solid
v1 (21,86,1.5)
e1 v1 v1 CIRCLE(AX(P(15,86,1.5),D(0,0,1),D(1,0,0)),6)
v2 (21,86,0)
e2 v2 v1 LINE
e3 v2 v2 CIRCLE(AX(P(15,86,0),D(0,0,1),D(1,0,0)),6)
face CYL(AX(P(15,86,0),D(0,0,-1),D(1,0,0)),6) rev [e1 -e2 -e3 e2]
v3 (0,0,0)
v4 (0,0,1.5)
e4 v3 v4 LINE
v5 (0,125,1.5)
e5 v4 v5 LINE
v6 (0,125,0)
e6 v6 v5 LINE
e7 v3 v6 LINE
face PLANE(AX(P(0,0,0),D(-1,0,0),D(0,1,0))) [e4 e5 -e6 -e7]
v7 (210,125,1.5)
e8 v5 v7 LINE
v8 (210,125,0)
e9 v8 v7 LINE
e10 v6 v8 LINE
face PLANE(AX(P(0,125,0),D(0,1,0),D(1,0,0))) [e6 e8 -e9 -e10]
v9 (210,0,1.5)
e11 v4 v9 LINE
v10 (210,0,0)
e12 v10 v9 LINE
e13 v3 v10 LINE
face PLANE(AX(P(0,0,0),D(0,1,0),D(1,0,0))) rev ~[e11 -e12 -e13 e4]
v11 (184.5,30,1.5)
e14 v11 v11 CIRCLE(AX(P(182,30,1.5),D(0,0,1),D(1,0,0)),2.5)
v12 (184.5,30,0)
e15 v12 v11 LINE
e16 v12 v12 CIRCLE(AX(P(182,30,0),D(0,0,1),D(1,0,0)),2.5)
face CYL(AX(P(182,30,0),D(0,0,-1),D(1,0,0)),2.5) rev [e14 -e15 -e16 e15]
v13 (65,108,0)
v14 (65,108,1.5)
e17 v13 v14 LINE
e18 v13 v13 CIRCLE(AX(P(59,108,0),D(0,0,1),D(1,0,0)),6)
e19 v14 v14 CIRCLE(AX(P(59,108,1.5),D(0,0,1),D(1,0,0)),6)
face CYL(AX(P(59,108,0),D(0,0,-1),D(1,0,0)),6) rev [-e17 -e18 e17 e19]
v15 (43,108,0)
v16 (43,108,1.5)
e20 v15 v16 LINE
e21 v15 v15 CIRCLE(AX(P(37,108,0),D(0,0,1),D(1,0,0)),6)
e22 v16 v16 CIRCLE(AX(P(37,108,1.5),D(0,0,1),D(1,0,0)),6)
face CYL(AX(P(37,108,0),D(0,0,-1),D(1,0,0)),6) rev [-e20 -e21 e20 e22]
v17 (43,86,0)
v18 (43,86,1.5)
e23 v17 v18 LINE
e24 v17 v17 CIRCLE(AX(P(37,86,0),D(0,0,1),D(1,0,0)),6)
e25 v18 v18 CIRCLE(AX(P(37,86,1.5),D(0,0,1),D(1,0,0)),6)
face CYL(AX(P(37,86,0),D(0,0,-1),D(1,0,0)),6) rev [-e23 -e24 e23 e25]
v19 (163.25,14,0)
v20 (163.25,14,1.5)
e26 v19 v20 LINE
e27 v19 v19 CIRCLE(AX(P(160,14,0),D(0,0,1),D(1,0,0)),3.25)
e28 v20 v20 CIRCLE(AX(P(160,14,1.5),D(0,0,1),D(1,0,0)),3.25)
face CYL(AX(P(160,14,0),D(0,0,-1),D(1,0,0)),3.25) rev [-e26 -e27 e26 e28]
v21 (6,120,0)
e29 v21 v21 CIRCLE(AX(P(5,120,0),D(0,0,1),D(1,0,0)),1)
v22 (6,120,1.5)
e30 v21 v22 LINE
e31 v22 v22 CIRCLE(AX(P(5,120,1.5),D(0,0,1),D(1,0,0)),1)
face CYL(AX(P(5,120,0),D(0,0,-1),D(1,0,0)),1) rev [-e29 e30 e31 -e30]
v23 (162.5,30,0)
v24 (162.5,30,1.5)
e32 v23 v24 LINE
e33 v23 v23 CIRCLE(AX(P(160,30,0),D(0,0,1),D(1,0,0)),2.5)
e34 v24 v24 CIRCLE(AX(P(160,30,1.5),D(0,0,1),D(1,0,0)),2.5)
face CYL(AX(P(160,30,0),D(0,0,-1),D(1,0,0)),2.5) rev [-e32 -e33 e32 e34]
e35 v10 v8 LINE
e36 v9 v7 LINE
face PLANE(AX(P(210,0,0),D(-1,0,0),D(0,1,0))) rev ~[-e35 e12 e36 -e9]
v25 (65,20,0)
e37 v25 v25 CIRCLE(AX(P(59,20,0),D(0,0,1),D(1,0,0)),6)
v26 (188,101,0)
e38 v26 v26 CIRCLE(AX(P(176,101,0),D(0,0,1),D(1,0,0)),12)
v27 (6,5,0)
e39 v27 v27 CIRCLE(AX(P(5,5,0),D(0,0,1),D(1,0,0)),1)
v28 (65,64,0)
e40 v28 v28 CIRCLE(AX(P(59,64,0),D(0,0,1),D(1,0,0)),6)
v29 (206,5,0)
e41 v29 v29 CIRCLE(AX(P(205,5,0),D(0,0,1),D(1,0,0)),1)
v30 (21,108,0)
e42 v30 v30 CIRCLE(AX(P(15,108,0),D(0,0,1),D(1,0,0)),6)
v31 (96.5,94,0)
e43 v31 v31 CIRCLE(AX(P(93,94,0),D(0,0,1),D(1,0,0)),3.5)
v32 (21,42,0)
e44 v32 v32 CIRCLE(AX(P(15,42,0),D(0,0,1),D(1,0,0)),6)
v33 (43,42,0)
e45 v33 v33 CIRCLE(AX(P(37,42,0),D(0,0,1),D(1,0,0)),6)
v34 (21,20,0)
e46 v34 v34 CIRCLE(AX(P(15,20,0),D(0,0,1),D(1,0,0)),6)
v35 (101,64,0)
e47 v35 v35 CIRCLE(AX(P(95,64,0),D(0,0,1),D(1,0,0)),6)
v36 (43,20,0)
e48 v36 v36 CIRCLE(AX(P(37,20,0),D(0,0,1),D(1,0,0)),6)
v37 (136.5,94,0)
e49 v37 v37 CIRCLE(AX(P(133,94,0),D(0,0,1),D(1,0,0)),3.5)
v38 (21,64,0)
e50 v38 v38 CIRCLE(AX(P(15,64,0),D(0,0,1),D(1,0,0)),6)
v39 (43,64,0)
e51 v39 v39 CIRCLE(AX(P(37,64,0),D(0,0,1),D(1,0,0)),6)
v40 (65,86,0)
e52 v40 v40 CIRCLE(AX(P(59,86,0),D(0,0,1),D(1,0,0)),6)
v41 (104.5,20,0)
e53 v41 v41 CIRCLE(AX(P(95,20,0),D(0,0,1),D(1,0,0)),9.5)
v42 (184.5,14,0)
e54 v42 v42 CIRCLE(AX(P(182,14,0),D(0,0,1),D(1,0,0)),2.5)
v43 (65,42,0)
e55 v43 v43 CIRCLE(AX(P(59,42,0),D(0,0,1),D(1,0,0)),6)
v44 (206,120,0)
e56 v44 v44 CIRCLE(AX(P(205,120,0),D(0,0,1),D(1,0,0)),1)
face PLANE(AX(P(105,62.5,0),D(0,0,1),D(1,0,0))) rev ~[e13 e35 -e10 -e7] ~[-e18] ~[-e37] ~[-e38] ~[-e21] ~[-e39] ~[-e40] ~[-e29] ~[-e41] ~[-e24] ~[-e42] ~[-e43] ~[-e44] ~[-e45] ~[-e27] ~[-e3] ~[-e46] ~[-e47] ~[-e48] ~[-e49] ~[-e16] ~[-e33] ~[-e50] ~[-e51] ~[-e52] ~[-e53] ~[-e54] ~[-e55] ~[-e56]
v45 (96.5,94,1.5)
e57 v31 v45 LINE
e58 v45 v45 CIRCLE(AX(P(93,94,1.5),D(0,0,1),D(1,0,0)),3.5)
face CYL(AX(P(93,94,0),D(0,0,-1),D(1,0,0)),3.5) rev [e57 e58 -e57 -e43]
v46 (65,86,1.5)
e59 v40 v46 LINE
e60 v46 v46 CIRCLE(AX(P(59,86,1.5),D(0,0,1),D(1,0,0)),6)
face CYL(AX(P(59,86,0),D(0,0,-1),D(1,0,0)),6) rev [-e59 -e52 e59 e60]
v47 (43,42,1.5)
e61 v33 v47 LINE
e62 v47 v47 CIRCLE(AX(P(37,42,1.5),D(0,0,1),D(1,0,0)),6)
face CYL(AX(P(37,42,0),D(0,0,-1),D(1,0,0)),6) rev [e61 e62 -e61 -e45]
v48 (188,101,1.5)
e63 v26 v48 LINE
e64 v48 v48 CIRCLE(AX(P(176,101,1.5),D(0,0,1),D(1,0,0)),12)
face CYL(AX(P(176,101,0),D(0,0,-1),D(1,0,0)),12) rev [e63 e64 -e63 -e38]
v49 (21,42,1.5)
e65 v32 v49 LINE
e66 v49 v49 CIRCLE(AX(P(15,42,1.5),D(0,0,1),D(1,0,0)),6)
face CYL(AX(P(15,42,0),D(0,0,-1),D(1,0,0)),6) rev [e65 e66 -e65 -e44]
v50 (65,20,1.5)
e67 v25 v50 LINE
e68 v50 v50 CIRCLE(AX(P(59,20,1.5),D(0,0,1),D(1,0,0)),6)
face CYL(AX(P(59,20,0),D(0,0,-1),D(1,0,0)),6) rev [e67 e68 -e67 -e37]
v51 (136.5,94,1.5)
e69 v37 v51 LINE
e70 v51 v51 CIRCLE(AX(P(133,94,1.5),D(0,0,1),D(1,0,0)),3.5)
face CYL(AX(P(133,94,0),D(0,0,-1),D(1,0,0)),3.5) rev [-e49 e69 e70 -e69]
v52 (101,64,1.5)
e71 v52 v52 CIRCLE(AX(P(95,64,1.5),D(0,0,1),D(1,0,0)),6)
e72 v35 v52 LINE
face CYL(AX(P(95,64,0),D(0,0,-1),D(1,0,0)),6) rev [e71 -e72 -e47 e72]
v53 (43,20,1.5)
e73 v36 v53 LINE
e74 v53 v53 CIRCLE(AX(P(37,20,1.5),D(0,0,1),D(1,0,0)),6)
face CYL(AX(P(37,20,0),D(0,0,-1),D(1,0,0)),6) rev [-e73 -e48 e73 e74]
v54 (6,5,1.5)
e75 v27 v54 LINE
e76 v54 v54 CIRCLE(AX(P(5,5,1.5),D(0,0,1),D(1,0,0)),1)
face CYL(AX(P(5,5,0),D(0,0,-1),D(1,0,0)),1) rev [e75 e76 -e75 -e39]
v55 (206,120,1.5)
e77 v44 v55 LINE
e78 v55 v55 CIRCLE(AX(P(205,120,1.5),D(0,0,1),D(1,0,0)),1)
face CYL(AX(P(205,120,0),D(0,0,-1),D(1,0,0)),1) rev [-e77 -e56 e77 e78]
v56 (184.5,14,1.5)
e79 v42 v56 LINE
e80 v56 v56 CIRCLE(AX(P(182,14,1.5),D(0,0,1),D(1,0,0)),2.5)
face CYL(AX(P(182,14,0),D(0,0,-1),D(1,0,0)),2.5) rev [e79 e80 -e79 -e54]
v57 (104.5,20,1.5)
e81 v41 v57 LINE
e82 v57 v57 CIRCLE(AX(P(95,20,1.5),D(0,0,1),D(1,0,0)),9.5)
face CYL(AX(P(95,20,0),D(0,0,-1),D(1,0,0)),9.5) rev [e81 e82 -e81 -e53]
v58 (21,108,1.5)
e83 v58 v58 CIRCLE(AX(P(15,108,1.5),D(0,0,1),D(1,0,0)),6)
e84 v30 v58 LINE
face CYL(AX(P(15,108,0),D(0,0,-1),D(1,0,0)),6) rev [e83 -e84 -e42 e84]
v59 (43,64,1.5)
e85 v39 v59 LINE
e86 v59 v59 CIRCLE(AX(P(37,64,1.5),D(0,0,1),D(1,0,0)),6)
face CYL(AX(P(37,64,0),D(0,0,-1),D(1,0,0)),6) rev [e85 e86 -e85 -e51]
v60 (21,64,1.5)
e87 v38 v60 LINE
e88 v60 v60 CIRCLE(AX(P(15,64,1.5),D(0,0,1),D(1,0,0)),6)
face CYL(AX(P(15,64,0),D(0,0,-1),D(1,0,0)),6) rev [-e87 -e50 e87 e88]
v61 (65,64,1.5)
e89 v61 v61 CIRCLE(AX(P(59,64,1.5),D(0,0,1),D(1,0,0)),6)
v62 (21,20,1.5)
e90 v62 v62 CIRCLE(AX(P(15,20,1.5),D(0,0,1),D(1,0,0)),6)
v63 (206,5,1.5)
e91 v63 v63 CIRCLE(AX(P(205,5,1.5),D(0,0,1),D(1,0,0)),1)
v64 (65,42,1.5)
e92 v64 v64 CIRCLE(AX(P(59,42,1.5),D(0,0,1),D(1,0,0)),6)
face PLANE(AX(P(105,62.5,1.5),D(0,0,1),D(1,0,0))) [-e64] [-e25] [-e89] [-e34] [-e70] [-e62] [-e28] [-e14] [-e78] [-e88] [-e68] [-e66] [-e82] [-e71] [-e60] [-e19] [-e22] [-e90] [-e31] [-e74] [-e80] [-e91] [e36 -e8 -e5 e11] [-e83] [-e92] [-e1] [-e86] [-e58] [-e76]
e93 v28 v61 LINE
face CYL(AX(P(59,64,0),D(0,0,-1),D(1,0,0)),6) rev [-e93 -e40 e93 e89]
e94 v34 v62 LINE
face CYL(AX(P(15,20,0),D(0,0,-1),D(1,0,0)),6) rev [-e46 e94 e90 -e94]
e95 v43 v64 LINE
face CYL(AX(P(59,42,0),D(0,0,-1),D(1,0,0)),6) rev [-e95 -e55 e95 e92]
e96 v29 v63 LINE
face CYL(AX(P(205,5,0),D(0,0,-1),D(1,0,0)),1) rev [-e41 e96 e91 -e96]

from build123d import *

# Parameters (mm, degrees)
SKETCH_W   = 210
SKETCH_H   = 125
SKETCH_R   = 6
SKETCH_R_2 = 12
SKETCH_R_3 = 2.5
SKETCH_R_4 = 3.25
SKETCH_R_5 = 1
SKETCH_R_6 = 9.5
SKETCH_R_7 = 3.5
PAD_DEPTH  = 1.5


with BuildPart() as part:
    # Sketch → Pad (new body)
    with BuildSketch(Plane.XY):
        with Locations((105, 62.5)):
            Rectangle(SKETCH_W, SKETCH_H)
        with Locations((15, 108)):
            Circle(SKETCH_R, mode=Mode.SUBTRACT)
        with Locations((15, 86)):
            Circle(SKETCH_R, mode=Mode.SUBTRACT)
        with Locations((15, 64)):
            Circle(SKETCH_R, mode=Mode.SUBTRACT)
        with Locations((15, 42)):
            Circle(SKETCH_R, mode=Mode.SUBTRACT)
        with Locations((15, 20)):
            Circle(SKETCH_R, mode=Mode.SUBTRACT)
        with Locations((176, 101)):
            Circle(SKETCH_R_2, mode=Mode.SUBTRACT)
        with Locations((182, 14)):
            Circle(SKETCH_R_3, mode=Mode.SUBTRACT)
        with Locations((182, 30)):
            Circle(SKETCH_R_3, mode=Mode.SUBTRACT)
        with Locations((160, 30)):
            Circle(SKETCH_R_3, mode=Mode.SUBTRACT)
        with Locations((160, 14)):
            Circle(SKETCH_R_4, mode=Mode.SUBTRACT)
        with Locations((95, 64)):
            Circle(SKETCH_R, mode=Mode.SUBTRACT)
        with Locations((205, 120)):
            Circle(SKETCH_R_5, mode=Mode.SUBTRACT)
        with Locations((37, 108)):
            Circle(SKETCH_R, mode=Mode.SUBTRACT)
        with Locations((37, 86)):
            Circle(SKETCH_R, mode=Mode.SUBTRACT)
        with Locations((37, 64)):
            Circle(SKETCH_R, mode=Mode.SUBTRACT)
        with Locations((37, 42)):
            Circle(SKETCH_R, mode=Mode.SUBTRACT)
        with Locations((37, 20)):
            Circle(SKETCH_R, mode=Mode.SUBTRACT)
        with Locations((59, 108)):
            Circle(SKETCH_R, mode=Mode.SUBTRACT)
        with Locations((59, 86)):
            Circle(SKETCH_R, mode=Mode.SUBTRACT)
        with Locations((59, 64)):
            Circle(SKETCH_R, mode=Mode.SUBTRACT)
        with Locations((59, 42)):
            Circle(SKETCH_R, mode=Mode.SUBTRACT)
        with Locations((59, 20)):
            Circle(SKETCH_R, mode=Mode.SUBTRACT)
        with Locations((95, 20)):
            Circle(SKETCH_R_6, mode=Mode.SUBTRACT)
        with Locations((205, 5)):
            Circle(SKETCH_R_5, mode=Mode.SUBTRACT)
        with Locations((5, 5)):
            Circle(SKETCH_R_5, mode=Mode.SUBTRACT)
        with Locations((5, 120)):
            Circle(SKETCH_R_5, mode=Mode.SUBTRACT)
        with Locations((93, 94)):
            Circle(SKETCH_R_7, mode=Mode.SUBTRACT)
        with Locations((133, 94)):
            Circle(SKETCH_R_7, mode=Mode.SUBTRACT)
    extrude(amount=PAD_DEPTH)


solid = part.part
